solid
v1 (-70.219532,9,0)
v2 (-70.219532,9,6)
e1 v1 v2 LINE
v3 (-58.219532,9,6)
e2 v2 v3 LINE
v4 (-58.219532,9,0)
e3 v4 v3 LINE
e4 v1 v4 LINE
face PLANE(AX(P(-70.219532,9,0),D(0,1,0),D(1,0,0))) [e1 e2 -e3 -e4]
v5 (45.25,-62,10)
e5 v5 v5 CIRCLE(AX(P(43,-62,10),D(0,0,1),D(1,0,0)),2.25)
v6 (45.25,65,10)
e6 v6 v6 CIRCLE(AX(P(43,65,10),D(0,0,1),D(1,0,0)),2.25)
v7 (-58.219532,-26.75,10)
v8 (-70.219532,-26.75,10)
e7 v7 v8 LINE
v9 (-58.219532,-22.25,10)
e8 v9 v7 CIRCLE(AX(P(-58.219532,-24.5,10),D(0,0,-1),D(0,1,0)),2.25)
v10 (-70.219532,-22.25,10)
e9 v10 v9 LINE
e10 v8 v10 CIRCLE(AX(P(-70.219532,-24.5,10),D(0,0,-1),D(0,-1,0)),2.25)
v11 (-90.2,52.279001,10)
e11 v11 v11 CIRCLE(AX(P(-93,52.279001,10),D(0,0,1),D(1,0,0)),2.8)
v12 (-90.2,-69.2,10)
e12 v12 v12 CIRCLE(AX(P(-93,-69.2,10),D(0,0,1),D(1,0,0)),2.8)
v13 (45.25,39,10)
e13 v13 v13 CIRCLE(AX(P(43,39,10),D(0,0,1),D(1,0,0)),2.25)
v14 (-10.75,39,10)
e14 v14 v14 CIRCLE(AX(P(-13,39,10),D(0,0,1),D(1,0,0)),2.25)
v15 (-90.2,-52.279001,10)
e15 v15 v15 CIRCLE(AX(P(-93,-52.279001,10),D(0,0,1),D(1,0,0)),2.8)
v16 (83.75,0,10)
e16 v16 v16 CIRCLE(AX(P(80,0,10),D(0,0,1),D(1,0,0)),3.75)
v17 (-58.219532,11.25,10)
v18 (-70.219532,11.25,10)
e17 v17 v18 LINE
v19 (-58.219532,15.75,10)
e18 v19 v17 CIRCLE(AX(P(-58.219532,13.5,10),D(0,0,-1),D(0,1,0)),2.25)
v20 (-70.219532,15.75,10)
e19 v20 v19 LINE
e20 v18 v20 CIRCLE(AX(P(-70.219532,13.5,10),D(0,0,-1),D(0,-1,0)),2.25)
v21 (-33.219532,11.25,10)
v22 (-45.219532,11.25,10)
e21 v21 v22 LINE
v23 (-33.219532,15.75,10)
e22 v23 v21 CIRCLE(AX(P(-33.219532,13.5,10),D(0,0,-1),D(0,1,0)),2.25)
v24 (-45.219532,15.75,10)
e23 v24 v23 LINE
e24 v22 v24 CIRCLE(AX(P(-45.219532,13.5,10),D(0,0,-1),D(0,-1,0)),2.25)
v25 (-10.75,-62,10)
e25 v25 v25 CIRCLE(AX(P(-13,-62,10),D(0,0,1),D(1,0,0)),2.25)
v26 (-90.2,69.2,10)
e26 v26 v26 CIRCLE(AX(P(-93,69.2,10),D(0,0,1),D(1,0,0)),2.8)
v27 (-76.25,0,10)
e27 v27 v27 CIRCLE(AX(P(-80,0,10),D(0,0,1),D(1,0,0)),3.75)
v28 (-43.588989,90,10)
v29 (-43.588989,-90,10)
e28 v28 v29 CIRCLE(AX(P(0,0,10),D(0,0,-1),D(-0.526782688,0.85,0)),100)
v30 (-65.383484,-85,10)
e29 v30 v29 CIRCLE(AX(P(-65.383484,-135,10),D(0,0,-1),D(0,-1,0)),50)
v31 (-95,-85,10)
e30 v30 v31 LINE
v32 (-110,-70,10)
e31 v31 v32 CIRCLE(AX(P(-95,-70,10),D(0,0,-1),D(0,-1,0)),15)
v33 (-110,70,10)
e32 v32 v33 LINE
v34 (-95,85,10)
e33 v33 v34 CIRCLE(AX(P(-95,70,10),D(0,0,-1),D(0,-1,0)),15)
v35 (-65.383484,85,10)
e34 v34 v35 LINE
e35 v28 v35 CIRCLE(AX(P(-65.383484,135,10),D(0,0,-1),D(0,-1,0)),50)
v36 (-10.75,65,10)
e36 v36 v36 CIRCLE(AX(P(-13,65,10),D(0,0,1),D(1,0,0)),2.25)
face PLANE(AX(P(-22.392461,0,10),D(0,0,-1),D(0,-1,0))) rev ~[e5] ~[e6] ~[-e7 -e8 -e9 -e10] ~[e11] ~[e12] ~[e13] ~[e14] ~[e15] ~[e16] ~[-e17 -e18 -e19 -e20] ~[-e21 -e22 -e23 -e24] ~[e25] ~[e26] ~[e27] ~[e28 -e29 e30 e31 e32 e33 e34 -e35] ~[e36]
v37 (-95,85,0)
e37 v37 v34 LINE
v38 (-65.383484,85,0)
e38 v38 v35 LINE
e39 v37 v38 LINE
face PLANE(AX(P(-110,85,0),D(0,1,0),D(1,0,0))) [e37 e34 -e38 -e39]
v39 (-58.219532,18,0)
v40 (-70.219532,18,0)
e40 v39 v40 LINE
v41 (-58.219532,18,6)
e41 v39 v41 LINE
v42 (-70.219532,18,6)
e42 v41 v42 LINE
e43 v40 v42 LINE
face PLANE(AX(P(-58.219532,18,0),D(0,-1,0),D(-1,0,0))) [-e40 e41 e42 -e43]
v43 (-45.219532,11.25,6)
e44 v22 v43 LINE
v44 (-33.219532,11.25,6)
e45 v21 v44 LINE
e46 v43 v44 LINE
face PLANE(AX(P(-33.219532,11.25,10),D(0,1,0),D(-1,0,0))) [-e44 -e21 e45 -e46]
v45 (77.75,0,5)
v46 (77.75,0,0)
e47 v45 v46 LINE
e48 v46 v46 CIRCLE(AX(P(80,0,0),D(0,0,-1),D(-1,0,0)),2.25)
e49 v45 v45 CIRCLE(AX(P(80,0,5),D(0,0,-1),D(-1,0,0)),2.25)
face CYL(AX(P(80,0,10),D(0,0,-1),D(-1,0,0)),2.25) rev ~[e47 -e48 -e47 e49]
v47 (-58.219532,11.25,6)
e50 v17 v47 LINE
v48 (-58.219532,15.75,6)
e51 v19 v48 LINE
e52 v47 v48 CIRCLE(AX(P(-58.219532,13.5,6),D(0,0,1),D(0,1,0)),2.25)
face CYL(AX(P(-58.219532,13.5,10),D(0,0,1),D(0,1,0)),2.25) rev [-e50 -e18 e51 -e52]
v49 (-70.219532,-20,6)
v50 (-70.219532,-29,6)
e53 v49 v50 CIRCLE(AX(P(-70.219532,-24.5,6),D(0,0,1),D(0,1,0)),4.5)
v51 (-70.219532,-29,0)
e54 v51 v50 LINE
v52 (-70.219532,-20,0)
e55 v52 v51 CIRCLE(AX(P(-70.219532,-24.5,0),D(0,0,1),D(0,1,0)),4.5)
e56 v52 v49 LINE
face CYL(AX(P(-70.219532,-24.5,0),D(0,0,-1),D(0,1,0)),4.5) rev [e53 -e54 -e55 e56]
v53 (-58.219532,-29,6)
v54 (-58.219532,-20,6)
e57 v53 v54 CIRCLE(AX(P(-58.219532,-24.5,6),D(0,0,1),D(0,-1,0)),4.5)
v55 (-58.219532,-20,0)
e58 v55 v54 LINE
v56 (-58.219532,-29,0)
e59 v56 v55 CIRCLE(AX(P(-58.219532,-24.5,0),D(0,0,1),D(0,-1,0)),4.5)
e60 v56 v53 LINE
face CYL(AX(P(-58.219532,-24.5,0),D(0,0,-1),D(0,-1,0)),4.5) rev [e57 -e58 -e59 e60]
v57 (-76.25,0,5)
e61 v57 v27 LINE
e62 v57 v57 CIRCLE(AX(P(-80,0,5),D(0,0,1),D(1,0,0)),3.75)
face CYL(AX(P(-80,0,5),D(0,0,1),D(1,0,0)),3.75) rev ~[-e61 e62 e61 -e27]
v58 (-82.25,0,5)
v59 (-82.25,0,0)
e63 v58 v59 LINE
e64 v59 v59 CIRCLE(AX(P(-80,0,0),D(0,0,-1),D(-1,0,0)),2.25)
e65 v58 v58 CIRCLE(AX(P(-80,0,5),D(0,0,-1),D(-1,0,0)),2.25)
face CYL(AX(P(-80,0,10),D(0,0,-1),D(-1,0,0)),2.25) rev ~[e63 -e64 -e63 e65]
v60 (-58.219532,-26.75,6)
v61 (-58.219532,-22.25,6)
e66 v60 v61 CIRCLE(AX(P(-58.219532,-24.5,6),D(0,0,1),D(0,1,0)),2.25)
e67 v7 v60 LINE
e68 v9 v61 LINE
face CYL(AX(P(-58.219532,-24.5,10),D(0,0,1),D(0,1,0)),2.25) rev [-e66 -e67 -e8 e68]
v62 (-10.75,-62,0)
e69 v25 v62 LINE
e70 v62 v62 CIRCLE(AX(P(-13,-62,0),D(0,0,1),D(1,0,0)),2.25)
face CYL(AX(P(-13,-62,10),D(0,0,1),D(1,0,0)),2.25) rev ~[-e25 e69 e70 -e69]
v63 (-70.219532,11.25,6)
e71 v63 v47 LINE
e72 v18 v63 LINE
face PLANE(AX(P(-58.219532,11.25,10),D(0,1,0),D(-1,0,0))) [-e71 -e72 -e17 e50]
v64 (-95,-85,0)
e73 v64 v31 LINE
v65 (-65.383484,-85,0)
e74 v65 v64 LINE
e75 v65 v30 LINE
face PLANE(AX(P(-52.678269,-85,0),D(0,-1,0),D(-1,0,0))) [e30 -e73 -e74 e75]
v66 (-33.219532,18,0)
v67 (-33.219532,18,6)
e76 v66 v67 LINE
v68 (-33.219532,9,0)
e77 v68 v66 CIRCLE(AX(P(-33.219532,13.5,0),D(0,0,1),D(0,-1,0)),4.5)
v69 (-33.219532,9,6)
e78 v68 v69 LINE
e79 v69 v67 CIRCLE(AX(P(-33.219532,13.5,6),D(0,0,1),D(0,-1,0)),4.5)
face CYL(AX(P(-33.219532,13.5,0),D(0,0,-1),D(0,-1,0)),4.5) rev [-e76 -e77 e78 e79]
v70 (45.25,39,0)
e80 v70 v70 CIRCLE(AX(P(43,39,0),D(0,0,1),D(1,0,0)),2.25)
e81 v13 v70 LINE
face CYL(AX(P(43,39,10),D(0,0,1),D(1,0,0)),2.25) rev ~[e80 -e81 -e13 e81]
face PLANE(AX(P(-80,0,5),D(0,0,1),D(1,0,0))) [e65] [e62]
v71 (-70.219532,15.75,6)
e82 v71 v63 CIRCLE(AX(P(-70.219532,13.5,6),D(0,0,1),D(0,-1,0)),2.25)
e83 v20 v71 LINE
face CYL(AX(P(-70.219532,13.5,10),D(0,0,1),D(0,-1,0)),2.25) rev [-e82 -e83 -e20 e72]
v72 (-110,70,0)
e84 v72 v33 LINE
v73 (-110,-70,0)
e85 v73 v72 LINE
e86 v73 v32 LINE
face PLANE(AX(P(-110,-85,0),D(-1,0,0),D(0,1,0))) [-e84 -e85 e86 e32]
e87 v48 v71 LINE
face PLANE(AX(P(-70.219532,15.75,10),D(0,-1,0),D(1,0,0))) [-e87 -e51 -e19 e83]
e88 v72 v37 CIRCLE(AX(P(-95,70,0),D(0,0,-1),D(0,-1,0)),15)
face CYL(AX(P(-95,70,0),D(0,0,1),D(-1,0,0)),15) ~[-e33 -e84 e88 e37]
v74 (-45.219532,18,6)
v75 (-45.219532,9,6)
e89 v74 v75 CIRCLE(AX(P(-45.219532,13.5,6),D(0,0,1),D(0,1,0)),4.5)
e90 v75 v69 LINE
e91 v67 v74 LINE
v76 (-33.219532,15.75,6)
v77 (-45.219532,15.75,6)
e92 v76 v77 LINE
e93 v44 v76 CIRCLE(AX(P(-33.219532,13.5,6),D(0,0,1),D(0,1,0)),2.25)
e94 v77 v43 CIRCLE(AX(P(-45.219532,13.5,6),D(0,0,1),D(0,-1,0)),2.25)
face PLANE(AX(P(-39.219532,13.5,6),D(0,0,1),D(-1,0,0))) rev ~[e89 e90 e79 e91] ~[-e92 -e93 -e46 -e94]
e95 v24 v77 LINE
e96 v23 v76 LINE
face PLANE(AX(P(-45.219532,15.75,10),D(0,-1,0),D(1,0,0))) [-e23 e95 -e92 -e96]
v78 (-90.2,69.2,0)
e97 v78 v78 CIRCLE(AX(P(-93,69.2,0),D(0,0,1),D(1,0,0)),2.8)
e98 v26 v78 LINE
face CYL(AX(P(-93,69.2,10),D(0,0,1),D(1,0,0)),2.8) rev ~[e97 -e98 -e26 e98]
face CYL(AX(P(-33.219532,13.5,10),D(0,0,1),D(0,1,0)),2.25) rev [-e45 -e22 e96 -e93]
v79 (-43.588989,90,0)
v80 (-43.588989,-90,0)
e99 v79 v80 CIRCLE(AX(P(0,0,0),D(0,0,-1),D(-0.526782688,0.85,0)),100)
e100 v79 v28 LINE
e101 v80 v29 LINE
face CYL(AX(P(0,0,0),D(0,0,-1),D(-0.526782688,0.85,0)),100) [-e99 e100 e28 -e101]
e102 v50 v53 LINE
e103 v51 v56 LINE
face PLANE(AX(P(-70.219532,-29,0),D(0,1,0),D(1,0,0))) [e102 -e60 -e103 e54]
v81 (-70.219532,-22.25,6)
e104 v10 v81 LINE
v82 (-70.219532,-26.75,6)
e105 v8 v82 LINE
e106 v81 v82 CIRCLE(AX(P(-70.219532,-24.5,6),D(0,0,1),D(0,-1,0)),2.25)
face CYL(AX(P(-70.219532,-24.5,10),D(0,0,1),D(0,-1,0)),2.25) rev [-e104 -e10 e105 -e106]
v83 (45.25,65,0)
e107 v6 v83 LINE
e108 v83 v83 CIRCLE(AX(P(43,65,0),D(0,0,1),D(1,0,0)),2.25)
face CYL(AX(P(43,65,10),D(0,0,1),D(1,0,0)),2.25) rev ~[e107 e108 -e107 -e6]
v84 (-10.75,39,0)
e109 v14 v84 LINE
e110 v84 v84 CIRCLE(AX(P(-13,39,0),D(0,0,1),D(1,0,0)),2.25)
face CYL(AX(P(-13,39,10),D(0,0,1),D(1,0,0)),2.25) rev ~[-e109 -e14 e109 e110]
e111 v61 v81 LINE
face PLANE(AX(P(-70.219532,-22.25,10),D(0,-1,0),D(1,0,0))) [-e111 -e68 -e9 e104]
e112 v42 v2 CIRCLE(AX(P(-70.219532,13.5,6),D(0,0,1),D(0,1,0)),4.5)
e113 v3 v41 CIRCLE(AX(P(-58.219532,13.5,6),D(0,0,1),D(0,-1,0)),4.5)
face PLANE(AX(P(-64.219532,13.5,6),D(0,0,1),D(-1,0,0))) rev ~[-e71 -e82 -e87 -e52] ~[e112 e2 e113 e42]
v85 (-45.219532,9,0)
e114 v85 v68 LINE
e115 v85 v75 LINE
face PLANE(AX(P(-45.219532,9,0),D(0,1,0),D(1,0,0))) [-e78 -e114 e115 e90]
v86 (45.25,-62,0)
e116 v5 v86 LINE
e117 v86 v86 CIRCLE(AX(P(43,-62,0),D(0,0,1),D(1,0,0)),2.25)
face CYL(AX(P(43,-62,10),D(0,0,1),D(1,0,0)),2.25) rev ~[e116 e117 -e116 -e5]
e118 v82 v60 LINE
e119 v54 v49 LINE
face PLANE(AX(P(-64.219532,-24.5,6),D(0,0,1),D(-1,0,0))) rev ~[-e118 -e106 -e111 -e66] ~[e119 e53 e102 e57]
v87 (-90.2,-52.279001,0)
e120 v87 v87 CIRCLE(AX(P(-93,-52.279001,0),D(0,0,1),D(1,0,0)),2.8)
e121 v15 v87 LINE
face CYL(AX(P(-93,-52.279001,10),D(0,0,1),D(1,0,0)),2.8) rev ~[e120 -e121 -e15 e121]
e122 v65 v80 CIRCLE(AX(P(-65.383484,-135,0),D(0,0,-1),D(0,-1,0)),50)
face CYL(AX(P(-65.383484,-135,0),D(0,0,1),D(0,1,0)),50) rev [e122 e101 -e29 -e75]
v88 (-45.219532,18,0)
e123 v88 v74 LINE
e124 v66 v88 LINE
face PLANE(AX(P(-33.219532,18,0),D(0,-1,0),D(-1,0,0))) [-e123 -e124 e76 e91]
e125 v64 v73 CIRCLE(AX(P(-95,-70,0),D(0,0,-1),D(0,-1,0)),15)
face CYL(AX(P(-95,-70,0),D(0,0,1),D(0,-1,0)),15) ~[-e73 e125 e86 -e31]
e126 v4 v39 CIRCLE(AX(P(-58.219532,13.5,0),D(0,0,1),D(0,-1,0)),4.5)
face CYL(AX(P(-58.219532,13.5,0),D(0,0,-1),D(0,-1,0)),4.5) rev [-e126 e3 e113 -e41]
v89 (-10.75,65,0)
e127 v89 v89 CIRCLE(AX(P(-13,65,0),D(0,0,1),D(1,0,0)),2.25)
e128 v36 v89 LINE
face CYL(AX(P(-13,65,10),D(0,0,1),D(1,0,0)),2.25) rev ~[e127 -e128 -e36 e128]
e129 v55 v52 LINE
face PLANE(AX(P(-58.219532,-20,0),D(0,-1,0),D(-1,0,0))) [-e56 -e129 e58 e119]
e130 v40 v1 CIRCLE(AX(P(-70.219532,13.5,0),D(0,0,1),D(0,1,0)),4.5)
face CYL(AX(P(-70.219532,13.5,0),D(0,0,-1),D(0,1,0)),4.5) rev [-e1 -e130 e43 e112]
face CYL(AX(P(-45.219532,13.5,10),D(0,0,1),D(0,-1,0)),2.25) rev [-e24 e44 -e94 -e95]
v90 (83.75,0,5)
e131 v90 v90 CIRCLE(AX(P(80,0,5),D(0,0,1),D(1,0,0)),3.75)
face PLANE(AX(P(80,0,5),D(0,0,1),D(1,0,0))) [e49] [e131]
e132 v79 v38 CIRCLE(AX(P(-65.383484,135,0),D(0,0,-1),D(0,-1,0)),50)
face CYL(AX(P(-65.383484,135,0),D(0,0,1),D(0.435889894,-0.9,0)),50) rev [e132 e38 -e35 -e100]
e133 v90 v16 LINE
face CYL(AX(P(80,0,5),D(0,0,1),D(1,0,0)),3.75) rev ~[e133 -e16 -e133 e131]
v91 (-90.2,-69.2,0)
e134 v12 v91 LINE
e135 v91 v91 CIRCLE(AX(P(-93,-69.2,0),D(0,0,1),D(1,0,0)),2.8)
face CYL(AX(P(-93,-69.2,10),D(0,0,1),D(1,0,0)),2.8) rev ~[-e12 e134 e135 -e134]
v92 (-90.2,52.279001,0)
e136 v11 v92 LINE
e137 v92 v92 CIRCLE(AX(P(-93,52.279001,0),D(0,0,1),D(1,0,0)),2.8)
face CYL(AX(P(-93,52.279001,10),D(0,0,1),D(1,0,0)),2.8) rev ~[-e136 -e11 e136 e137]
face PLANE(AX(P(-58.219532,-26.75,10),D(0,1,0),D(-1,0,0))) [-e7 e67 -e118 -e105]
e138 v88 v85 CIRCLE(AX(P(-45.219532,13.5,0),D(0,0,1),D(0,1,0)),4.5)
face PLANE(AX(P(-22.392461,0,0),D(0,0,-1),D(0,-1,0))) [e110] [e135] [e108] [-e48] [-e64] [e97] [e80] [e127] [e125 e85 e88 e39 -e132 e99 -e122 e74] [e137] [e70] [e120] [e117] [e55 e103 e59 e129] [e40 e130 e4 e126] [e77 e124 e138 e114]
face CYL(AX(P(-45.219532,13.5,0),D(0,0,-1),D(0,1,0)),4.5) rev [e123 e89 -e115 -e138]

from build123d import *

# Parameters (mm, degrees)
SALIENTE_EXTRUIR2_DEPTH                              = 10
REDONDEO3_R                                          = 15
REDONDEO5_R                                          = 50
CROQUIS4_R                                           = 2.8
CROQUIS4_R_2                                         = 2.25
CORTAR_EXTRUIR1_DEPTH                                = 149.996644258
REFRENTADO_PARA_TORNILLO_CON_CABEZA_TRON_D           = 4.5
REFRENTADO_PARA_TORNILLO_CON_CABEZA_TRON_CBORE_D     = 7.5
REFRENTADO_PARA_TORNILLO_CON_CABEZA_TRON_CBORE_DEPTH = 5
CORTAR_EXTRUIR2_DEPTH                                = 6


with BuildPart() as part:
    # Croquis2 → Saliente-Extruir2 (new body)
    with BuildSketch(Plane(origin=(0, 0, 0), x_dir=(0, 1, 0), z_dir=(0, 0, 1))):
        with BuildLine():
            Line((-85, 52.678268764), (-85, 110))
            Line((-85, 110), (85, 110))
            Line((85, 110), (85, 52.678268764))
            ThreePointArc((85, 52.678268764), (0, -100), (-85, 52.678268764))
        make_face()
    extrude(amount=SALIENTE_EXTRUIR2_DEPTH)

    # Redondeo3
    redondeo3_edges = [part.edges().sort_by_distance(p)[0] for p in [
        (-110, -85, 5),
        (-110, 85, 5),
    ]]
    fillet(redondeo3_edges, radius=REDONDEO3_R)

    # Redondeo5
    redondeo5_edges = [part.edges().sort_by_distance(p)[0] for p in [
        (-52.678268764, 85, 5),
        (-52.678268764, -85, 5),
    ]]
    fillet(redondeo5_edges, radius=REDONDEO5_R)

    # Croquis4 → Cortar-Extruir1 (cut, through all)
    with BuildSketch(Plane.XY.offset(10)):
        with Locations((-93, 69.2)):
            Circle(CROQUIS4_R)
        with Locations((-93, 52.279001067)):
            Circle(CROQUIS4_R)
        with Locations((-93, -52.279001068)):
            Circle(CROQUIS4_R)
        with Locations((-93, -69.2)):
            Circle(CROQUIS4_R)
        with Locations((-13, 39)):
            Circle(CROQUIS4_R_2)
        with Locations((43, 39)):
            Circle(CROQUIS4_R_2)
        with Locations((-13, 65)):
            Circle(CROQUIS4_R_2)
        with Locations((43, 65)):
            Circle(CROQUIS4_R_2)
        with Locations((-13, -62)):
            Circle(CROQUIS4_R_2)
        with Locations((43, -62)):
            Circle(CROQUIS4_R_2)
        with BuildLine():
            Line((-58.219532094, 11.25), (-70.219532094, 11.25))
            ThreePointArc((-70.219532094, 11.25), (-72.469532094, 13.5), (-70.219532094, 15.75))
            Line((-70.219532094, 15.75), (-58.219532094, 15.75))
            ThreePointArc((-58.219532094, 15.75), (-55.969532094, 13.5), (-58.219532094, 11.25))
        make_face()
        with BuildLine():
            Line((-33.219532094, 11.25), (-45.219532094, 11.25))
            ThreePointArc((-45.219532094, 11.25), (-47.469532094, 13.5), (-45.219532094, 15.75))
            Line((-45.219532094, 15.75), (-33.219532094, 15.75))
            ThreePointArc((-33.219532094, 15.75), (-30.969532094, 13.5), (-33.219532094, 11.25))
        make_face()
        with BuildLine():
            Line((-58.219532094, -26.75), (-70.219532094, -26.75))
            ThreePointArc((-70.219532094, -26.75), (-72.469532094, -24.5), (-70.219532094, -22.25))
            Line((-70.219532094, -22.25), (-58.219532094, -22.25))
            ThreePointArc((-58.219532094, -22.25), (-55.969532094, -24.5), (-58.219532094, -26.75))
        make_face()
    extrude(amount=-CORTAR_EXTRUIR1_DEPTH, mode=Mode.SUBTRACT)

    # Refrentado para tornillo con cabeza tron (through all)
    with Locations(Plane.XY.offset(10)):
        with Locations((-80, 0), (80, 0)):
            CounterBoreHole(REFRENTADO_PARA_TORNILLO_CON_CABEZA_TRON_D / 2, REFRENTADO_PARA_TORNILLO_CON_CABEZA_TRON_CBORE_D / 2, REFRENTADO_PARA_TORNILLO_CON_CABEZA_TRON_CBORE_DEPTH)

    # Croquis7 → Cortar-Extruir2 (cut)
    with BuildSketch(Plane(origin=(0, 0, 0), x_dir=(1, 0, 0), z_dir=(0, 0, -1))):
        with BuildLine():
            Line((-70.219532094, 29), (-58.219532094, 29))
            ThreePointArc((-58.219532094, 29), (-53.719532094, 24.5), (-58.219532094, 20))
            Line((-58.219532094, 20), (-70.219532094, 20))
            ThreePointArc((-70.219532094, 20), (-74.719532094, 24.5), (-70.219532094, 29))
        make_face()
        with BuildLine():
            Line((-70.219532094, -9), (-58.219532094, -9))
            ThreePointArc((-58.219532094, -9), (-53.719532094, -13.5), (-58.219532094, -18))
            Line((-58.219532094, -18), (-70.219532094, -18))
            ThreePointArc((-70.219532094, -18), (-74.719532094, -13.5), (-70.219532094, -9))
        make_face()
        with BuildLine():
            Line((-45.219532094, -9), (-33.219532094, -9))
            ThreePointArc((-33.219532094, -9), (-28.719532094, -13.5), (-33.219532094, -18))
            Line((-33.219532094, -18), (-45.219532094, -18))
            ThreePointArc((-45.219532094, -18), (-49.719532094, -13.5), (-45.219532094, -9))
        make_face()
    extrude(amount=-CORTAR_EXTRUIR2_DEPTH, mode=Mode.SUBTRACT)


solid = part.part
